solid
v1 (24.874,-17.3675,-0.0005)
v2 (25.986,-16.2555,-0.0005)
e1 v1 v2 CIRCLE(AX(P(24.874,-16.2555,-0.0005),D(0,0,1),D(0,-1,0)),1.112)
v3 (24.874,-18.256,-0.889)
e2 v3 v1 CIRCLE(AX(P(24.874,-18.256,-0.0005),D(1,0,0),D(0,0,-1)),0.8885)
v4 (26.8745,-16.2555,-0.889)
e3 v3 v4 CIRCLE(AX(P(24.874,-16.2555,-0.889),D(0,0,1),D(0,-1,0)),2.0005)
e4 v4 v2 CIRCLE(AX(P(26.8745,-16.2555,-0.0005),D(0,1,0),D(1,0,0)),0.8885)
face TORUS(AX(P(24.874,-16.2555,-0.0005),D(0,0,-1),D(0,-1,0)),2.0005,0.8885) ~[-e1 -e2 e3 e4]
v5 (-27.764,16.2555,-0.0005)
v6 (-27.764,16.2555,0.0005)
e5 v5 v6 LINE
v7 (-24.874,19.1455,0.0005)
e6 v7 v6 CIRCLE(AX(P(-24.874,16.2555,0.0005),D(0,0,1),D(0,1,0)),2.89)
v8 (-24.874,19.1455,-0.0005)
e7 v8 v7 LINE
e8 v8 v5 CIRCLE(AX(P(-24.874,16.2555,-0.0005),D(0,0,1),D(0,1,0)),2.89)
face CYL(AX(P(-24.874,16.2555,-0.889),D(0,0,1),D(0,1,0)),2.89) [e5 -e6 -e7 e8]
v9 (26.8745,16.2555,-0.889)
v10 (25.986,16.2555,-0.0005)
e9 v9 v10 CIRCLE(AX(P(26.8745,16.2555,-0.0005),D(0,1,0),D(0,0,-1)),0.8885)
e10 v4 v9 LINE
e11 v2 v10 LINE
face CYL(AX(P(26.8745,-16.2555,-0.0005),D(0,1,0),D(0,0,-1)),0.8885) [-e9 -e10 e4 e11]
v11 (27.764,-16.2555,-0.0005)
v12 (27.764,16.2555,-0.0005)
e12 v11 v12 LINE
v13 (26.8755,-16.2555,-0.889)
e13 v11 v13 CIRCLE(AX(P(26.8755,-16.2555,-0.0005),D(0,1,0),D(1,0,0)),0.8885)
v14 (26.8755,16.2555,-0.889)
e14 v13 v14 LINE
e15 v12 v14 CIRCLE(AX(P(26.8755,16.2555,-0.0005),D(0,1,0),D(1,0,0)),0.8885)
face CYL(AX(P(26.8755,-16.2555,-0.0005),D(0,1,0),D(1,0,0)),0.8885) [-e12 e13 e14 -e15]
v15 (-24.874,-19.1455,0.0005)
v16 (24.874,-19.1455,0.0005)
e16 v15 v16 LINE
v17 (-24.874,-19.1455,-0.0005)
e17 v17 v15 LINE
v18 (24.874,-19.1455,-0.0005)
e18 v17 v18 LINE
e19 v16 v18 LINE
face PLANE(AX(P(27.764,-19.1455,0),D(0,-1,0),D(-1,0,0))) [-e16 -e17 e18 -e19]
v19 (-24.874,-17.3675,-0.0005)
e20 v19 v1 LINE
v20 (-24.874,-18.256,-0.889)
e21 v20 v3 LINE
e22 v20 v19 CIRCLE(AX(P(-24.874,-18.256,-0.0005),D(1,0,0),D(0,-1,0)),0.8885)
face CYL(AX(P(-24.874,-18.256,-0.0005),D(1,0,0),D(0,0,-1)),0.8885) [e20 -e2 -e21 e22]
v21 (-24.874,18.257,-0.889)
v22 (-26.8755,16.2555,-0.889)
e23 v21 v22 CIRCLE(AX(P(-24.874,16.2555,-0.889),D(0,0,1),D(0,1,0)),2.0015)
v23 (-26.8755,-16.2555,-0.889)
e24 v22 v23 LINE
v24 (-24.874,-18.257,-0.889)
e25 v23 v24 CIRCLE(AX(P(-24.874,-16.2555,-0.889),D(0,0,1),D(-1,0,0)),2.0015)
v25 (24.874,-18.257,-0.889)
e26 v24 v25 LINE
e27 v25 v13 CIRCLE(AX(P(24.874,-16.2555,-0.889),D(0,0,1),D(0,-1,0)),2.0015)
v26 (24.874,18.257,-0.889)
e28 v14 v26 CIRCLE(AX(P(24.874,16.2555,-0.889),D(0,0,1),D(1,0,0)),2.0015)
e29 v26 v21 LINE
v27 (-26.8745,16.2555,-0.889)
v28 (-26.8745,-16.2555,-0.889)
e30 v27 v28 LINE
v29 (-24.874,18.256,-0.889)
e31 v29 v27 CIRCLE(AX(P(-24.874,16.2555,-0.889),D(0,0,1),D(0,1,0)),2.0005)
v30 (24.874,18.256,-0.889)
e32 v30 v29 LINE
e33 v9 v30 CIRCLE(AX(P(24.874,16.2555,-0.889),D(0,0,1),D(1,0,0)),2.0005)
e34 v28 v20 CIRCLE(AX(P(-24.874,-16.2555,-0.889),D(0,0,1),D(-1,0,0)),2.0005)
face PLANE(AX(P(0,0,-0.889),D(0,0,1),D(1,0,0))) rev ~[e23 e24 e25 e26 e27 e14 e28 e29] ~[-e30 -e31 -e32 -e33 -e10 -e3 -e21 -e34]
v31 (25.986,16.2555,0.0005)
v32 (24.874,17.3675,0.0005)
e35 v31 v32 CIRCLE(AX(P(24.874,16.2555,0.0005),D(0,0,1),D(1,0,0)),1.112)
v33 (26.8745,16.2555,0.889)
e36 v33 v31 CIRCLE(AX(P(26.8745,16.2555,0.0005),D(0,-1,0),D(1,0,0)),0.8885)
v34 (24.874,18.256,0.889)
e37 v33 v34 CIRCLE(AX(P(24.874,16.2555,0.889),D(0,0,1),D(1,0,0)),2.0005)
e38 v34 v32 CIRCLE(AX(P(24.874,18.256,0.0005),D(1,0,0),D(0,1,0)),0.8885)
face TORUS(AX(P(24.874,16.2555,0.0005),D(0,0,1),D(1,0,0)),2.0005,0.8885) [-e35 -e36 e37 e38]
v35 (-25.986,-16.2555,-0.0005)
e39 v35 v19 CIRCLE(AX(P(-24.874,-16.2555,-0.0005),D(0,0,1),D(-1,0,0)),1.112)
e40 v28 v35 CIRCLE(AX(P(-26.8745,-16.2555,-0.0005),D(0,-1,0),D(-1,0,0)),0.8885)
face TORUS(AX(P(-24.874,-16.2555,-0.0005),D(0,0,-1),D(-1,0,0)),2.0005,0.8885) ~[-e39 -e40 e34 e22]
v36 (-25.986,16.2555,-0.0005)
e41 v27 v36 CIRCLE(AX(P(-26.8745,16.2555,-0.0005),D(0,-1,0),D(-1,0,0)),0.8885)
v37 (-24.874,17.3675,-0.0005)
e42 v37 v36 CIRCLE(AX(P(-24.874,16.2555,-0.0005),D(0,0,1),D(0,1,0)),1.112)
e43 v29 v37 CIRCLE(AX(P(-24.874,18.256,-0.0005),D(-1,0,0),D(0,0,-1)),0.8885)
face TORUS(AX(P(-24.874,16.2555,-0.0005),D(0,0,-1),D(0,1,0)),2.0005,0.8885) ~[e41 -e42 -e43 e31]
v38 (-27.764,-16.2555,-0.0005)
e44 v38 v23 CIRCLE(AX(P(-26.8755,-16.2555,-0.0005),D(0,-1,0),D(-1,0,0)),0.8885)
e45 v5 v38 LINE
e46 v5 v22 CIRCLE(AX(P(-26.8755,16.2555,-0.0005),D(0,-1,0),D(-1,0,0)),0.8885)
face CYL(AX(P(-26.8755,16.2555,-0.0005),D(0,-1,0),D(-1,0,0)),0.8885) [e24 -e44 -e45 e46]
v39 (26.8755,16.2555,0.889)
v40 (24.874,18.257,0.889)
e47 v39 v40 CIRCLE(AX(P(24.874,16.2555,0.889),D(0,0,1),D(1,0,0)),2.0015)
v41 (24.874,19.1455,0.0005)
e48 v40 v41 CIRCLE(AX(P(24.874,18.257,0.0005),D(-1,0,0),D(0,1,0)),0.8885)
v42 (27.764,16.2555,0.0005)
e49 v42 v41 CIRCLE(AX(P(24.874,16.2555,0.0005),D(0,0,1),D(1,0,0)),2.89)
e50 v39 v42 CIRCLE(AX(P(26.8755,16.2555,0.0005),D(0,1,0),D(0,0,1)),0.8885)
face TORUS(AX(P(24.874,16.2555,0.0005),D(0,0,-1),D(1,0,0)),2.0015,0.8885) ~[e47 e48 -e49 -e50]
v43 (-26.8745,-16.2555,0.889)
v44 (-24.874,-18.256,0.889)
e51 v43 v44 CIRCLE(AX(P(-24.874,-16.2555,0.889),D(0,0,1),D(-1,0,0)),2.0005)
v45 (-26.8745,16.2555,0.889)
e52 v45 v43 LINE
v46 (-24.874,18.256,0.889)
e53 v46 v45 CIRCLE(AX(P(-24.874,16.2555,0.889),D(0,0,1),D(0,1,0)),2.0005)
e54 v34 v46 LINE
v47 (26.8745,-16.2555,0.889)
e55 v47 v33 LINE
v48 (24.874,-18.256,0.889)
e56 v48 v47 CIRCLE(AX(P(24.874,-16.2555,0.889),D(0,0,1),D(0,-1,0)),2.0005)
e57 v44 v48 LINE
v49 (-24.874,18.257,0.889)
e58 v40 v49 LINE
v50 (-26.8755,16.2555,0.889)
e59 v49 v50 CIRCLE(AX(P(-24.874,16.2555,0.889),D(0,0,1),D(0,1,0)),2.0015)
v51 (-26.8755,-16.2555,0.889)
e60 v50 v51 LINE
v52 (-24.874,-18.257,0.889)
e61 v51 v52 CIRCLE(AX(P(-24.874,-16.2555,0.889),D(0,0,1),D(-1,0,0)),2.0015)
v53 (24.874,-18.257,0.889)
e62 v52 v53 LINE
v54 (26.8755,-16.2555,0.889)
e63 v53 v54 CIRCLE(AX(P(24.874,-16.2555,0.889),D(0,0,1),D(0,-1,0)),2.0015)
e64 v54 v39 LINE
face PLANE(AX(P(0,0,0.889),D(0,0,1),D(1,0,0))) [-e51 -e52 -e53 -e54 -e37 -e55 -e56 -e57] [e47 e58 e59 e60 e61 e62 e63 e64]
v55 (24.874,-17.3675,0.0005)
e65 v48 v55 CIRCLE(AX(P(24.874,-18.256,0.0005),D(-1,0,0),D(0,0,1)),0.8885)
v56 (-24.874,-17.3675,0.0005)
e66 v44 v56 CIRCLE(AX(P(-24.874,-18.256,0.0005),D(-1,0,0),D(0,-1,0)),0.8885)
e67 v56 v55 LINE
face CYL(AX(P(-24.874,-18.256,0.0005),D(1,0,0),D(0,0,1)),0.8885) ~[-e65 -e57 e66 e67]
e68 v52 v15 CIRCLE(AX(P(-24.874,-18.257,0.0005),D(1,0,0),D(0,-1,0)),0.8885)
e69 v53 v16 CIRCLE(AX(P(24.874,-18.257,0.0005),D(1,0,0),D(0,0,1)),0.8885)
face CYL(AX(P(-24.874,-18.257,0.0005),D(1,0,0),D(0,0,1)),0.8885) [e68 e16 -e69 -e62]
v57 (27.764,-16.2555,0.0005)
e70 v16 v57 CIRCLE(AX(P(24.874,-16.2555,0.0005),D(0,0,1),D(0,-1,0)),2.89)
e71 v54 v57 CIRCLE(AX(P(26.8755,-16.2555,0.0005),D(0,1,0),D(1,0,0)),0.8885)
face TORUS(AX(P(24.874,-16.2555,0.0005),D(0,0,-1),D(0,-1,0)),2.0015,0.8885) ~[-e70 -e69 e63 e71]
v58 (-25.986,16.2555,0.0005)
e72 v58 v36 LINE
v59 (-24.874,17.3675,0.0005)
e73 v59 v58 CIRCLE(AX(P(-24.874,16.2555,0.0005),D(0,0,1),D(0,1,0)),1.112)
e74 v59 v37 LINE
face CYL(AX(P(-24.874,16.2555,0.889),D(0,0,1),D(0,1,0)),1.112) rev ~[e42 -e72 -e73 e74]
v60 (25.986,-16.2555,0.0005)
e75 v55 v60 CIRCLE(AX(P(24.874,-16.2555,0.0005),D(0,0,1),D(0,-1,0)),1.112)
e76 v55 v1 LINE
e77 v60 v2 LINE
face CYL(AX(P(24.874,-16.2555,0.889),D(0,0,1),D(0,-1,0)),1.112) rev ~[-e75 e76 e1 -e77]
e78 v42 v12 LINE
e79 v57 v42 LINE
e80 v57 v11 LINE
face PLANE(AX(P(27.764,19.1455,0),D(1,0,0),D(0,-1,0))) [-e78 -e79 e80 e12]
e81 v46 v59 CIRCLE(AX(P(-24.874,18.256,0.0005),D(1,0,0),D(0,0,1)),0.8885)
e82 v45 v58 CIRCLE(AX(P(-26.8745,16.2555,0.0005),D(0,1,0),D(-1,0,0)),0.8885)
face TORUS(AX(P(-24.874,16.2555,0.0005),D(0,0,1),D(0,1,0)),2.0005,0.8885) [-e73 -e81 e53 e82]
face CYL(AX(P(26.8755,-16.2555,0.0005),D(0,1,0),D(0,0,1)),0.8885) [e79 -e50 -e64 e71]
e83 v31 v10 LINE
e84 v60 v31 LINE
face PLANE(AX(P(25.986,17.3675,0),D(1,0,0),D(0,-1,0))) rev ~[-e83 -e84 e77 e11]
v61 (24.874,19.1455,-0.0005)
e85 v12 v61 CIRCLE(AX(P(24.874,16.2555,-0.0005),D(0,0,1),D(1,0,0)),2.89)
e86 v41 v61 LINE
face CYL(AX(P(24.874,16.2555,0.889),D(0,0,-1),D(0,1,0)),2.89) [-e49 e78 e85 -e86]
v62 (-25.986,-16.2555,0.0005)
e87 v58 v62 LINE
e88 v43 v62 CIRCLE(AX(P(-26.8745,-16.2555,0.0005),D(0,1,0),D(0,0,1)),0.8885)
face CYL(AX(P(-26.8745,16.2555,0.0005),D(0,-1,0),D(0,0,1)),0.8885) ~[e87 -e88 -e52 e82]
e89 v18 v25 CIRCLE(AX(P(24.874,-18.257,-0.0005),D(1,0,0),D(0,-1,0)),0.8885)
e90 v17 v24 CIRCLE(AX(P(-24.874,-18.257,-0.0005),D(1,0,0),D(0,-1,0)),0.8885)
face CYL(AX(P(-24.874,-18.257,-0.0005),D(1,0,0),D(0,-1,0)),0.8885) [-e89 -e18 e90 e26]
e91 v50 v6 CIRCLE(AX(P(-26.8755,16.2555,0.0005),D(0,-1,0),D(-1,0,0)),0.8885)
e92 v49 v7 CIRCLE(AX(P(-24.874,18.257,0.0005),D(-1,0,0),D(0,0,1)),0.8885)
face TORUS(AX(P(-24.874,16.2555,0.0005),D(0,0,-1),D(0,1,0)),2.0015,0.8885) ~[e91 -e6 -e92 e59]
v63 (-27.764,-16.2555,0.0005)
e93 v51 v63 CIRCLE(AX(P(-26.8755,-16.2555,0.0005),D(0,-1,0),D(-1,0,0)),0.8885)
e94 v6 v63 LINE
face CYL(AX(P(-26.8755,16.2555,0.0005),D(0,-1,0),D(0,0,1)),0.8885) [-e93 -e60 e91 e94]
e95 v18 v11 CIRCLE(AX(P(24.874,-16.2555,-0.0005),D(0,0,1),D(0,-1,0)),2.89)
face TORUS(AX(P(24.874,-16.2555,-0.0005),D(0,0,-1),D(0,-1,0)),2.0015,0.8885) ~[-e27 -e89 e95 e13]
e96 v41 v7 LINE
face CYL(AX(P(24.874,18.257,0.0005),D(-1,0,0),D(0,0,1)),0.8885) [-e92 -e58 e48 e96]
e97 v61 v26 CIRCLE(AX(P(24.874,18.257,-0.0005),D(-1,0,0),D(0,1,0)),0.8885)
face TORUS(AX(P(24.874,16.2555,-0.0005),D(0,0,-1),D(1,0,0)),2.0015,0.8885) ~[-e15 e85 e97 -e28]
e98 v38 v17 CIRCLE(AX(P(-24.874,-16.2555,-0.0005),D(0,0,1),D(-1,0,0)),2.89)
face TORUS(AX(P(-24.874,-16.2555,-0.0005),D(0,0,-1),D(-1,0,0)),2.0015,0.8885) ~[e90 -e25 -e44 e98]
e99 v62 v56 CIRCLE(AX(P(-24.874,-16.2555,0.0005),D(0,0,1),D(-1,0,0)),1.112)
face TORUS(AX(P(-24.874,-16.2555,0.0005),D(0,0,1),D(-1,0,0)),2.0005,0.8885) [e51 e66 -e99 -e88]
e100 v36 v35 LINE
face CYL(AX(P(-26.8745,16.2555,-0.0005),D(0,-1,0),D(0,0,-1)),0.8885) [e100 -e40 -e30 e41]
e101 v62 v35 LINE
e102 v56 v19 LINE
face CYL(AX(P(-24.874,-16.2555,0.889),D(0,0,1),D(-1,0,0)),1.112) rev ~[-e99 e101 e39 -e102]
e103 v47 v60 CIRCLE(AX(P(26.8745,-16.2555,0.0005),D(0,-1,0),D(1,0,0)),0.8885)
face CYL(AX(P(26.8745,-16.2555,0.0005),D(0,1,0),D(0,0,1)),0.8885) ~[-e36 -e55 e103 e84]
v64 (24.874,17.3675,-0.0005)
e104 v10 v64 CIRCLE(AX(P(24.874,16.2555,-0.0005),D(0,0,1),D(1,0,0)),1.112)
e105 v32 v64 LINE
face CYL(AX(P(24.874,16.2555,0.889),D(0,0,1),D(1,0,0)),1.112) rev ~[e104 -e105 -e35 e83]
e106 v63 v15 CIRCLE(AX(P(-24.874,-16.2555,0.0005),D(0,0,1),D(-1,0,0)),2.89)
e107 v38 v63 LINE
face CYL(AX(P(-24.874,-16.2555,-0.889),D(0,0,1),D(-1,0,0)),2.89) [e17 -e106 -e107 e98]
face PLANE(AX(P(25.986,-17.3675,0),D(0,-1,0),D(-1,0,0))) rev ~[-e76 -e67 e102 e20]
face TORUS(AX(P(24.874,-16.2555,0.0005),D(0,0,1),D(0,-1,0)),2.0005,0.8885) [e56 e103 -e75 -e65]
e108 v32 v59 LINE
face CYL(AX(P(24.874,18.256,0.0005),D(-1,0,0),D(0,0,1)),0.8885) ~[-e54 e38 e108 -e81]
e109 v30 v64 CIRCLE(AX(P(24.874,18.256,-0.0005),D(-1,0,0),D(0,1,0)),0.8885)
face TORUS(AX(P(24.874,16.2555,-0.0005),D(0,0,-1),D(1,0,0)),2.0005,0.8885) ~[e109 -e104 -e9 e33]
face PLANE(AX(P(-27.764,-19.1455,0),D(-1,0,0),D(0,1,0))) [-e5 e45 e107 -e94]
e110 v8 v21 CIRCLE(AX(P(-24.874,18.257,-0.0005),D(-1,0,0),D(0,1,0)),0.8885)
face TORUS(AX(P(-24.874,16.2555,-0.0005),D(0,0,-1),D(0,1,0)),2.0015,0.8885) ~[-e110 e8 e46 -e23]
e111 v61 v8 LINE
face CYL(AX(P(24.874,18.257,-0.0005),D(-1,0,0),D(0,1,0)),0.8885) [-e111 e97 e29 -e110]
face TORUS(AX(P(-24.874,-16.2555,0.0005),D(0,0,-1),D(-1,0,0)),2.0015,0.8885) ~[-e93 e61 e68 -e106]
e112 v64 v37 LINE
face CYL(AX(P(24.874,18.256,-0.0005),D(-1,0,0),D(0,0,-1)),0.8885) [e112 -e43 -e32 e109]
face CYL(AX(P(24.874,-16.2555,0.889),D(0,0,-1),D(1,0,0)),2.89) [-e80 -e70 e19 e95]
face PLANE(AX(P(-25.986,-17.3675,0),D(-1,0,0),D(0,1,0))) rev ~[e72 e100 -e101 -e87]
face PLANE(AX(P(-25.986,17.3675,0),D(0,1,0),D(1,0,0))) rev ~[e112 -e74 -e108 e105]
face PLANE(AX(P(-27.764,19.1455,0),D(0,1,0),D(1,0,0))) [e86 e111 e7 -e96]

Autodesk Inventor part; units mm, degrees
ref_plane "YZ Plane" through (0, 0, 0) normal (1, 0, 0) x (0, 1, 0)
ref_plane "XZ Plane" through (0, 0, 0) normal (0, 1, 0) x (-1, 0, 0)
ref_plane "XY Plane" through (0, 0, 0) normal (0, 0, 1) x (1, 0, 0)
sketch "Sketch1" plane through (0, 0, 0) normal (0, 0, 1) x (1, 0, 0)
  line L0 (-26.875, -18.2565) -> (26.875, -18.2565) construction
  line L1 (26.875, -18.2565) -> (26.875, 18.2565) construction
  line L2 (26.875, 18.2565) -> (-26.875, 18.2565) construction
  line L3 (-26.875, 18.2565) -> (-26.875, -18.2565) construction
  line L4 (-27.764, 19.1455) -> (27.764, 19.1455)
  line L5 (27.764, 19.1455) -> (27.764, -19.1455)
  line L6 (27.764, -19.1455) -> (-27.764, -19.1455)
  line L7 (-27.764, -19.1455) -> (-27.764, 19.1455)
  line L8 (-25.986, 17.3675) -> (25.986, 17.3675)
  line L9 (25.986, 17.3675) -> (25.986, -17.3675)
  line L10 (25.986, -17.3675) -> (-25.986, -17.3675)
  line L11 (-25.986, -17.3675) -> (-25.986, 17.3675)
  point P0 (0, 0)
  point P1 (0, 18.2565)
  point P2 (-26.875, 0)
  dimension "d0" = 53.75
  dimension "d1" = 36.513
  dimension "d2" = 0.889
  dimension "d3" = 0.889
extrude "Extrusion1" add sketch "Sketch1" along normal mid plane 1.778
fillet "Fillet1" radius 2.89 4 edges at (27.764, 19.1455, 0) (27.764, -19.1455, 0) (-27.764, -19.1455, 0) (-27.764, 19.1455, 0)
sketch "Sketch2" plane through (0, 0, 0.889) normal (0, 0, 1) x (1, 0, 0)
  arc A0 (-24.874, 19.1455) -> (-27.764, 16.2555) centre (-24.874, 16.2555) ccw projected
  line L0 (-27.764, 16.2555) -> (-27.764, -16.2555) projected
  arc A1 (-27.764, -16.2555) -> (-24.874, -19.1455) centre (-24.874, -16.2555) ccw projected
  line L1 (-24.874, -19.1455) -> (24.874, -19.1455) projected
  arc A2 (24.874, -19.1455) -> (27.764, -16.2555) centre (24.874, -16.2555) ccw projected
  line L2 (27.764, -16.2555) -> (27.764, 16.2555) projected
  arc A3 (27.764, 16.2555) -> (24.874, 19.1455) centre (24.874, 16.2555) ccw projected
  line L3 (24.874, 19.1455) -> (-24.874, 19.1455) projected
  line L4 (-25.986, -17.3675) -> (-25.986, 17.3675) projected
  line L5 (-25.986, 17.3675) -> (25.986, 17.3675) projected
  line L6 (25.986, 17.3675) -> (25.986, -17.3675) projected
  line L7 (25.986, -17.3675) -> (-25.986, -17.3675) projected
  line L8 (-25.986, 17.3675) -> (25.986, 17.3675) projected
  arc A4 (-24.874, 17.3675) -> (-25.986, 16.2555) centre (-24.874, 16.2555) ccw
  line L9 (25.986, 17.3675) -> (25.986, -17.3675) projected
  arc A5 (25.986, 16.2555) -> (24.874, 17.3675) centre (24.874, 16.2555) ccw
  line L10 (-25.986, -17.3675) -> (-25.986, 17.3675) projected
  line L11 (25.986, -17.3675) -> (-25.986, -17.3675) projected
  arc A6 (-25.986, -16.2555) -> (-24.874, -17.3675) centre (-24.874, -16.2555) ccw
  arc A7 (24.874, -17.3675) -> (25.986, -16.2555) centre (24.874, -16.2555) ccw
  point P0 (0, 0)
  point P1 (24.874, 17.3675)
  point P2 (25.986, 16.2555)
  point P3 (-25.986, -16.2555)
  point P4 (-24.874, 17.3675)
extrude "Extrusion2" add sketch "Sketch2" against normal blind 1.778 contours L4 A6 L7 | L4 L5 A4 | A7 L6 L7 | L5 L6 A5
fillet "Fillet2" radius 0.889 32 edges at (25.6603, 17.0418, 0.889) (25.986, 0, 0.889) (25.6603, -17.0418, 0.889) (0, -17.3675, 0.889) (-25.6603, -17.0418, 0.889) (-25.986, 0, 0.889) (-25.6603, 17.0418, 0.889) (0, 17.3675, 0.889) (-26.9175, -18.299, 0.889) (0, -19.1455, 0.889) (26.9175, -18.299, 0.889) (27.764, 0, 0.889) (26.9175, 18.299, 0.889) (0, 19.1455, 0.889) (-26.9175, 18.299, 0.889) (-27.764, 0, 0.889) (-26.9175, 18.299, -0.889) (0, 19.1455, -0.889) (26.9175, 18.299, -0.889) (27.764, 0, -0.889) (26.9175, -18.299, -0.889) (0, -19.1455, -0.889) (-26.9175, -18.299, -0.889) (-27.764, 0, -0.889) (-25.6603, -17.0418, -0.889) (0, -17.3675, -0.889) (25.6603, -17.0418, -0.889) (25.986, 0, -0.889) (25.6603, 17.0418, -0.889) (0, 17.3675, -0.889) (-25.6603, 17.0418, -0.889) (-25.986, 0, -0.889)
equation "\"d3\" = d2"
equation "\"d4\" = 2 * d2"
equation "\"d7\" = 2 * d2"
equation "\"d9\" = d2"
properties part number "O-RING DASH 034"
